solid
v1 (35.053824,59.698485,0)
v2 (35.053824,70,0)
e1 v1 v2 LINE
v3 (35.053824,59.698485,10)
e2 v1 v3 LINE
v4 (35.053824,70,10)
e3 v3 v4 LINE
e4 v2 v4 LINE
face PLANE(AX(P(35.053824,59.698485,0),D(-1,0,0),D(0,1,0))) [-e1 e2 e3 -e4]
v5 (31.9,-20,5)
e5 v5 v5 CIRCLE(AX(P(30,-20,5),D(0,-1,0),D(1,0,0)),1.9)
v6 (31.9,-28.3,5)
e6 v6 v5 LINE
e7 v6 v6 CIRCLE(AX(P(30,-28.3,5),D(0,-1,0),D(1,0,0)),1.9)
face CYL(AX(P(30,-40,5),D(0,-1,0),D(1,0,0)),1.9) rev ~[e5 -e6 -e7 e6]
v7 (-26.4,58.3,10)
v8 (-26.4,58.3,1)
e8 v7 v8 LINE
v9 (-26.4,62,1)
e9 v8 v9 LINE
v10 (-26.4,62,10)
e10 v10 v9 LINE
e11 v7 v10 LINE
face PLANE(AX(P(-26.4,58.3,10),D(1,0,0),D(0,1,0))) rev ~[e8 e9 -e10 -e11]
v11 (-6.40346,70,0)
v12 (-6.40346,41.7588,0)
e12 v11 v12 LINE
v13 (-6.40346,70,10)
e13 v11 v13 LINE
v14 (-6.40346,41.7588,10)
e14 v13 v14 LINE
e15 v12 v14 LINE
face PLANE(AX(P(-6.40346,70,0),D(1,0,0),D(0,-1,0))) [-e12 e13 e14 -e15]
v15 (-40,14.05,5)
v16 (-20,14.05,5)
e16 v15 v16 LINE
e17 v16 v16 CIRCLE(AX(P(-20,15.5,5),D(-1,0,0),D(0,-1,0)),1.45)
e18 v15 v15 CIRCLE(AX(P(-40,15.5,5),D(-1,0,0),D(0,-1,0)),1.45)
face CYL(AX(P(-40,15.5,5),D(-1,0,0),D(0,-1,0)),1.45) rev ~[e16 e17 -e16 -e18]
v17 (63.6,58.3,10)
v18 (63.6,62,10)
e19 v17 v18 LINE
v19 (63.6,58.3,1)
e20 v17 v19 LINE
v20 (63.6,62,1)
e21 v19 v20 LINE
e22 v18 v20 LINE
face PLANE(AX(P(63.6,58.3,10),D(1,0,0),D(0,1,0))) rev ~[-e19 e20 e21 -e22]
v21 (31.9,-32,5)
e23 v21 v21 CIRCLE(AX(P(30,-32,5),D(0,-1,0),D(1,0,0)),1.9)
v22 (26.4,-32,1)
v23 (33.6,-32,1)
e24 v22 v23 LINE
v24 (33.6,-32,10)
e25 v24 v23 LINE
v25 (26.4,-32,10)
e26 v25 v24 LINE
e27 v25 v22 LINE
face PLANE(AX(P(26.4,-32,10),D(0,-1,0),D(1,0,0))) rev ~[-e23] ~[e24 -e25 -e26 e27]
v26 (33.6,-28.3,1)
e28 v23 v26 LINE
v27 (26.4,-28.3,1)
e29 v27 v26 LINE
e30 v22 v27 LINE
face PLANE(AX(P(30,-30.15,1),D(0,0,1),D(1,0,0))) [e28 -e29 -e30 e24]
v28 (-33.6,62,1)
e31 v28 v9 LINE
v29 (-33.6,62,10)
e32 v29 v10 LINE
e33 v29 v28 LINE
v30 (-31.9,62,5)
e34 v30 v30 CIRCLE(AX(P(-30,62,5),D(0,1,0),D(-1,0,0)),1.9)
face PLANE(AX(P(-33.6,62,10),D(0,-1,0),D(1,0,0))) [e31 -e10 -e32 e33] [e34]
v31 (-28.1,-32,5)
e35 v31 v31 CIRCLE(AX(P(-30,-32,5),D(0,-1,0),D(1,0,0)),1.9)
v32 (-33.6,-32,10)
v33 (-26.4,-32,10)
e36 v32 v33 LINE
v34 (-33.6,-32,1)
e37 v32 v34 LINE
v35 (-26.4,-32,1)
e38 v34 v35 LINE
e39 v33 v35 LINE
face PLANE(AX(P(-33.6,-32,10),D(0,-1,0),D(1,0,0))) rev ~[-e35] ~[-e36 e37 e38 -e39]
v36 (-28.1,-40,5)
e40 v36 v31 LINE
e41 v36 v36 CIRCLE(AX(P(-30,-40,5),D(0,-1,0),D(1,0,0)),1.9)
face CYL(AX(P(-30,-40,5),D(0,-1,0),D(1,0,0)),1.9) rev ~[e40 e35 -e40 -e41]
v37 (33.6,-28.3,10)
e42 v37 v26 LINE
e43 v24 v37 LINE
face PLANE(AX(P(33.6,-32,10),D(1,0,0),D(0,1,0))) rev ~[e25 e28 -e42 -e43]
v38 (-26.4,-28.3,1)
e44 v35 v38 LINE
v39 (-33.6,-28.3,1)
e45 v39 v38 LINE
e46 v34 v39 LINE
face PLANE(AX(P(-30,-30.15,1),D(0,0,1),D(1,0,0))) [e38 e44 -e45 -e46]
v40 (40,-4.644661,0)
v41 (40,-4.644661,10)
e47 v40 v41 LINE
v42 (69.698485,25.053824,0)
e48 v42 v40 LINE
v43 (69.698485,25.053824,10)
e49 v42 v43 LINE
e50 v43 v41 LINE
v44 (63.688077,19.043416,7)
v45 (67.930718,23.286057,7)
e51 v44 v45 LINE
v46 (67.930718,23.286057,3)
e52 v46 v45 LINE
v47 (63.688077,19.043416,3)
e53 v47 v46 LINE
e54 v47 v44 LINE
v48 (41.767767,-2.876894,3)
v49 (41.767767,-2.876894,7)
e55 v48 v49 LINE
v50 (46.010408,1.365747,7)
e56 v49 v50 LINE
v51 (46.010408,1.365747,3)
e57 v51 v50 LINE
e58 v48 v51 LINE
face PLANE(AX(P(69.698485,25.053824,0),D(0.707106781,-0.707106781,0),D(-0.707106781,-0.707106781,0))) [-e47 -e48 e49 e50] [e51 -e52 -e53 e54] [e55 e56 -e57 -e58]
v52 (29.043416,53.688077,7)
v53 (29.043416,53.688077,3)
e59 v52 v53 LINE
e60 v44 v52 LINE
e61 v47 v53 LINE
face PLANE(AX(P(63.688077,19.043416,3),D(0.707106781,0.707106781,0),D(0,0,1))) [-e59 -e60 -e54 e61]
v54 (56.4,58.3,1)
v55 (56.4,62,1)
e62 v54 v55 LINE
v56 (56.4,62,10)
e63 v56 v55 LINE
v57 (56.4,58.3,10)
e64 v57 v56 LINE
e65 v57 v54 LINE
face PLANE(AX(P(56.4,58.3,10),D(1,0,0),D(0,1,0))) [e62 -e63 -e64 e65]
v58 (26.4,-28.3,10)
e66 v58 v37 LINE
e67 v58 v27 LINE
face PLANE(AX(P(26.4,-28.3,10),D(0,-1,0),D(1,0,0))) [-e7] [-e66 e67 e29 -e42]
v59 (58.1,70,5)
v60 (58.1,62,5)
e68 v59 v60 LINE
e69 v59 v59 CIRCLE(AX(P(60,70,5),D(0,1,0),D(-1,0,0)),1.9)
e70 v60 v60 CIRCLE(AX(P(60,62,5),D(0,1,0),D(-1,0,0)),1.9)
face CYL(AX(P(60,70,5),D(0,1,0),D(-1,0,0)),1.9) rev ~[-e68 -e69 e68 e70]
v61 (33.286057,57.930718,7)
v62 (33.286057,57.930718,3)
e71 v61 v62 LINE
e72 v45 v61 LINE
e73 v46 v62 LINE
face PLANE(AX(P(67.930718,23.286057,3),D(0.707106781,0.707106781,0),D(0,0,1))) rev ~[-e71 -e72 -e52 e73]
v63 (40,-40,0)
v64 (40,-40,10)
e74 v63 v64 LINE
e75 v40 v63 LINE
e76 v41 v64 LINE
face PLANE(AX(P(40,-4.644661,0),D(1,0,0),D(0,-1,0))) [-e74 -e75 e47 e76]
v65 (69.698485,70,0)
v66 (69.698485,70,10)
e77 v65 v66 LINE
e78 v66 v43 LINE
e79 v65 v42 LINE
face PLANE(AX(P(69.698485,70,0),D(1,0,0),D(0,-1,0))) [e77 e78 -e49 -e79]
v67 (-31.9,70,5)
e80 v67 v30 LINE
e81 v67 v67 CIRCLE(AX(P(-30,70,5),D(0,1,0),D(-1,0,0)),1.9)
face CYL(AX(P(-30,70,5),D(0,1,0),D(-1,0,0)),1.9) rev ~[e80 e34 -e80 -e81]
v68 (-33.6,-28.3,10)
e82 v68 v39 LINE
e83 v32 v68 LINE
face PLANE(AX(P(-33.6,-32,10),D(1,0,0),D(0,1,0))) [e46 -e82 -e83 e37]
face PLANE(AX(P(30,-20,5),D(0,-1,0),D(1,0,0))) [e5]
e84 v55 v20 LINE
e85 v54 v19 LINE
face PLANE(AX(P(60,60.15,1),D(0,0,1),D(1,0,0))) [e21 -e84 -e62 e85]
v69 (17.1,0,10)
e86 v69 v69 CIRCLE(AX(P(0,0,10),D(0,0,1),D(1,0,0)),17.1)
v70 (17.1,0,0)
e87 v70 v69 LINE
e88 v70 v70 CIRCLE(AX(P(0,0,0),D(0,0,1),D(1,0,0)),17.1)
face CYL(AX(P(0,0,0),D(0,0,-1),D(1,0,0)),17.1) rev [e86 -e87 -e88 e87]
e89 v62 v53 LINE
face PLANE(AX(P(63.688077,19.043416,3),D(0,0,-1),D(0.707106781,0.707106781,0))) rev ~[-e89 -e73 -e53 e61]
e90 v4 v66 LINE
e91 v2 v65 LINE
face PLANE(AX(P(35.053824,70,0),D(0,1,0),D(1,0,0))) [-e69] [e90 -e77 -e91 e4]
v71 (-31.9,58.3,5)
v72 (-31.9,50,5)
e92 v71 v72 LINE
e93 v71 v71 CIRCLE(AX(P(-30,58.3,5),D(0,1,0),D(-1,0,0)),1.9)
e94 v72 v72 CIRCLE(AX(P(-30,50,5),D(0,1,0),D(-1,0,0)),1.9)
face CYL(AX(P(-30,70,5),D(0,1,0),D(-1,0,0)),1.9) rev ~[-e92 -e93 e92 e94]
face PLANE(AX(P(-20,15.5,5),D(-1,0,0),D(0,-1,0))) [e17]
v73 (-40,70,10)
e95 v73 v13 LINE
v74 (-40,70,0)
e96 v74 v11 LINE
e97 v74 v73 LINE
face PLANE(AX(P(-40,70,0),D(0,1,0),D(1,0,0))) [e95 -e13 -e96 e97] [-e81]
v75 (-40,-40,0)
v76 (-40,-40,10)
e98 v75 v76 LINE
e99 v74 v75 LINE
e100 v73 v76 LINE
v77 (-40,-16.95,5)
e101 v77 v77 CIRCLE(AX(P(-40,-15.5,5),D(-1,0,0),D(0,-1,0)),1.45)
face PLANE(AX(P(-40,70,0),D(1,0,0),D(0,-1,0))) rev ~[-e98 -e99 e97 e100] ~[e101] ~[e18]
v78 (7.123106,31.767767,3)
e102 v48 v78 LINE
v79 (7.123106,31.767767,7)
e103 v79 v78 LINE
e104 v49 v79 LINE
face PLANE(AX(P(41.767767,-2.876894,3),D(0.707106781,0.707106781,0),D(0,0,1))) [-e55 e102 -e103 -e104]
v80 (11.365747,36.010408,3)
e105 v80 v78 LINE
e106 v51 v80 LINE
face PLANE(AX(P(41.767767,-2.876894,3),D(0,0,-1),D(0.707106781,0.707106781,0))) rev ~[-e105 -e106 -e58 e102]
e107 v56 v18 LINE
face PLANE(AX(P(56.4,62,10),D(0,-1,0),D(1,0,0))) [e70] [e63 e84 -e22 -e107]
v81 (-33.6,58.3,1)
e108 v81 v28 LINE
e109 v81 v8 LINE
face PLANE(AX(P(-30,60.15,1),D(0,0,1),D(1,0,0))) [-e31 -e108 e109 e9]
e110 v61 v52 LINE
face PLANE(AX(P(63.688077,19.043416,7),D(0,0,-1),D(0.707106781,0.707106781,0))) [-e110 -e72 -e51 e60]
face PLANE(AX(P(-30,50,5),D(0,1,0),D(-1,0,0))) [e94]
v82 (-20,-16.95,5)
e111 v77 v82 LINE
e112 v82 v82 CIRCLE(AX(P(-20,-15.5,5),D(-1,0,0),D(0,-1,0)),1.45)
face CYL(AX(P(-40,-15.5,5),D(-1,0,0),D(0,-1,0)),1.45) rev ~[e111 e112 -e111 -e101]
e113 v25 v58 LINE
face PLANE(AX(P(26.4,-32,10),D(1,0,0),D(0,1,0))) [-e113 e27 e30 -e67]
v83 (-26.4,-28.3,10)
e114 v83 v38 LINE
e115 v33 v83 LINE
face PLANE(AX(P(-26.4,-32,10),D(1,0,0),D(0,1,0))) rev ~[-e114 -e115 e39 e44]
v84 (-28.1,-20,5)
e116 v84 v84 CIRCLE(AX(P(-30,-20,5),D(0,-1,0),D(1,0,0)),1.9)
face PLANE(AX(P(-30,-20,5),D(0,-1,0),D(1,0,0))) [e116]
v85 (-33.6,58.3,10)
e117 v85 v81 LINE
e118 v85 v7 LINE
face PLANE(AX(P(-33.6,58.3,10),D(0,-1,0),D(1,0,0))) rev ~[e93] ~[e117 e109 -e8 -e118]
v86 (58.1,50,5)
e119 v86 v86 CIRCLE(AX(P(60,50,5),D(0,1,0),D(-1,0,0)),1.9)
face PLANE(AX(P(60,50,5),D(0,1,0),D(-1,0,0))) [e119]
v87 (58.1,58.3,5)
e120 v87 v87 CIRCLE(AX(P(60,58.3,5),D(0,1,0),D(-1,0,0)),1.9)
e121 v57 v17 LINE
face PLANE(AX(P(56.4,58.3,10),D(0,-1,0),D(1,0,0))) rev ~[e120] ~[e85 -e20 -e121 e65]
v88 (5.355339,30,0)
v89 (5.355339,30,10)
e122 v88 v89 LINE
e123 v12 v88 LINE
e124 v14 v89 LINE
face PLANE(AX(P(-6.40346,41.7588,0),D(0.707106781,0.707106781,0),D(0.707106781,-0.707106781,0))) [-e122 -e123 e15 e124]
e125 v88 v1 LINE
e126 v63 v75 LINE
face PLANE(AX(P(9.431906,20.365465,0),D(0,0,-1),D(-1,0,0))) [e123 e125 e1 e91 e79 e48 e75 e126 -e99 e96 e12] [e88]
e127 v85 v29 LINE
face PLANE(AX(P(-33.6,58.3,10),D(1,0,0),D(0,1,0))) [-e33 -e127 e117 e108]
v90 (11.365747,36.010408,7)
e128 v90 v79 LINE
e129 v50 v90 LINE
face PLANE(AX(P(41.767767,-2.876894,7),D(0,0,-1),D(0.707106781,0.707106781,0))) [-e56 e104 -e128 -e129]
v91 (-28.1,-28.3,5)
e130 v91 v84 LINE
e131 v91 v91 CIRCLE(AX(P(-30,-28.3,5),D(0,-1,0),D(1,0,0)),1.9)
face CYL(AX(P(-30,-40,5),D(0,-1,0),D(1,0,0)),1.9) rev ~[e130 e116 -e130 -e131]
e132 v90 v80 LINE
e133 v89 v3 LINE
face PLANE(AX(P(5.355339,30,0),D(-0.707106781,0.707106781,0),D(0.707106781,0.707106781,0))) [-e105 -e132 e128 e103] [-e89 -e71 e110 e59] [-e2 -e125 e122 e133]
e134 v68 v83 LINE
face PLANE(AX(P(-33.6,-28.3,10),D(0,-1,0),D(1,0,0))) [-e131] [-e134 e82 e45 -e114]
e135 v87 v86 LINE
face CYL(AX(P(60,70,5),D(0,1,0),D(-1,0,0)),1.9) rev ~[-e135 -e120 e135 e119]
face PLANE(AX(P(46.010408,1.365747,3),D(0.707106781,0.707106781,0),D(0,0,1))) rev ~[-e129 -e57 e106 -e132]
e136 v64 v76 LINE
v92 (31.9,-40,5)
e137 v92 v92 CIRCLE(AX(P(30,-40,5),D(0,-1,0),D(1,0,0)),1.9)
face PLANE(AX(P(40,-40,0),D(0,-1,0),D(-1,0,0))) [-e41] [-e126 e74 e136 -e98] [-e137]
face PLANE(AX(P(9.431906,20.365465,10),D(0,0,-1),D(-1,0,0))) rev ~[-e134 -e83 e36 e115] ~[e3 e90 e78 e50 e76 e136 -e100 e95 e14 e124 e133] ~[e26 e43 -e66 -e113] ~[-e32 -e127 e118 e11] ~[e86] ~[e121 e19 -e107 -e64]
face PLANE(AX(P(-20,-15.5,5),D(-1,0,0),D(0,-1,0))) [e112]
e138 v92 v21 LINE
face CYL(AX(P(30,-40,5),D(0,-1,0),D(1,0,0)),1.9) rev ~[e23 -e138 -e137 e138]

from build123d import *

# Parameters (mm, degrees)
SKETCH003_R     = 17.1
PAD001_DEPTH    = 10
SKETCH001_W     = 6
SKETCH001_H     = 4
POCKET_DEPTH    = 50
SKETCH004_R     = 1.9
POCKET001_DEPTH = 20
SKETCH006_R     = 1.9
POCKET002_DEPTH = 20
SKETCH007_R     = 1.45
POCKET003_DEPTH = 20
SKETCH_W        = 7.2
SKETCH_H        = 3.7
POCKET004_DEPTH = 9


with BuildPart() as part:
    # Sketch003 → Pad001 (new body)
    with BuildSketch(Plane.XY):
        Polygon((-40, -40), (-40, 30), (-40, 70), (-6.4034604704, 70), (-6.4034604704, 41.7587995296), (5.3553390593, 30), (35.0538238691, 59.6984848098), (35.0538238691, 70), (69.6984848098, 70), (69.6984848098, 25.0538238692), (40, -4.6446609407), (40, -40), align=None)
        Circle(SKETCH003_R, mode=Mode.SUBTRACT)
    extrude(amount=PAD001_DEPTH)

    # Sketch001 → Pocket (cut)
    with BuildSketch(Plane(origin=(22.3223304704, -22.3223304703, 0), x_dir=(0.7071067812, 0.7071067812, 0), z_dir=(0.7071067812, -0.7071067812, 0))):
        with Locations((30.5, 5)):
            Rectangle(SKETCH001_W, SKETCH001_H)
        with Locations((61.5, 5)):
            Rectangle(SKETCH001_W, SKETCH001_H)
    extrude(amount=-POCKET_DEPTH, mode=Mode.SUBTRACT)

    # Sketch004 → Pocket001 (cut)
    with BuildSketch(Plane(origin=(0, 70, 0), x_dir=(-1, 0, 0), z_dir=(0, 1, 0))):
        with Locations((30, 5)):
            Circle(SKETCH004_R)
        with Locations((-60, 5)):
            Circle(SKETCH004_R)
    extrude(amount=-POCKET001_DEPTH, mode=Mode.SUBTRACT)

    # Sketch006 → Pocket002 (cut)
    with BuildSketch(Plane.XZ.offset(40)):
        with Locations((30, 5)):
            Circle(SKETCH006_R)
        with Locations((-30, 5)):
            Circle(SKETCH006_R)
    extrude(amount=-POCKET002_DEPTH, mode=Mode.SUBTRACT)

    # Sketch007 → Pocket003 (cut)
    with BuildSketch(Plane(origin=(-40, 0, 0), x_dir=(0, -1, 0), z_dir=(-1, 0, 0))):
        with Locations((-15.5, 5)):
            Circle(SKETCH007_R)
        with Locations((15.5, 5)):
            Circle(SKETCH007_R)
    extrude(amount=-POCKET003_DEPTH, mode=Mode.SUBTRACT)

    # Sketch → Pocket004 (cut)
    with BuildSketch(Plane.XY.offset(10)):
        with Locations((-30, -30.15)):
            Rectangle(SKETCH_W, SKETCH_H)
        with Locations((30, -30.15)):
            Rectangle(SKETCH_W, SKETCH_H)
        with Locations((-30, 60.15)):
            Rectangle(SKETCH_W, SKETCH_H)
        with Locations((60, 60.15)):
            Rectangle(SKETCH_W, SKETCH_H)
    extrude(amount=-POCKET004_DEPTH, mode=Mode.SUBTRACT)


solid = part.part
